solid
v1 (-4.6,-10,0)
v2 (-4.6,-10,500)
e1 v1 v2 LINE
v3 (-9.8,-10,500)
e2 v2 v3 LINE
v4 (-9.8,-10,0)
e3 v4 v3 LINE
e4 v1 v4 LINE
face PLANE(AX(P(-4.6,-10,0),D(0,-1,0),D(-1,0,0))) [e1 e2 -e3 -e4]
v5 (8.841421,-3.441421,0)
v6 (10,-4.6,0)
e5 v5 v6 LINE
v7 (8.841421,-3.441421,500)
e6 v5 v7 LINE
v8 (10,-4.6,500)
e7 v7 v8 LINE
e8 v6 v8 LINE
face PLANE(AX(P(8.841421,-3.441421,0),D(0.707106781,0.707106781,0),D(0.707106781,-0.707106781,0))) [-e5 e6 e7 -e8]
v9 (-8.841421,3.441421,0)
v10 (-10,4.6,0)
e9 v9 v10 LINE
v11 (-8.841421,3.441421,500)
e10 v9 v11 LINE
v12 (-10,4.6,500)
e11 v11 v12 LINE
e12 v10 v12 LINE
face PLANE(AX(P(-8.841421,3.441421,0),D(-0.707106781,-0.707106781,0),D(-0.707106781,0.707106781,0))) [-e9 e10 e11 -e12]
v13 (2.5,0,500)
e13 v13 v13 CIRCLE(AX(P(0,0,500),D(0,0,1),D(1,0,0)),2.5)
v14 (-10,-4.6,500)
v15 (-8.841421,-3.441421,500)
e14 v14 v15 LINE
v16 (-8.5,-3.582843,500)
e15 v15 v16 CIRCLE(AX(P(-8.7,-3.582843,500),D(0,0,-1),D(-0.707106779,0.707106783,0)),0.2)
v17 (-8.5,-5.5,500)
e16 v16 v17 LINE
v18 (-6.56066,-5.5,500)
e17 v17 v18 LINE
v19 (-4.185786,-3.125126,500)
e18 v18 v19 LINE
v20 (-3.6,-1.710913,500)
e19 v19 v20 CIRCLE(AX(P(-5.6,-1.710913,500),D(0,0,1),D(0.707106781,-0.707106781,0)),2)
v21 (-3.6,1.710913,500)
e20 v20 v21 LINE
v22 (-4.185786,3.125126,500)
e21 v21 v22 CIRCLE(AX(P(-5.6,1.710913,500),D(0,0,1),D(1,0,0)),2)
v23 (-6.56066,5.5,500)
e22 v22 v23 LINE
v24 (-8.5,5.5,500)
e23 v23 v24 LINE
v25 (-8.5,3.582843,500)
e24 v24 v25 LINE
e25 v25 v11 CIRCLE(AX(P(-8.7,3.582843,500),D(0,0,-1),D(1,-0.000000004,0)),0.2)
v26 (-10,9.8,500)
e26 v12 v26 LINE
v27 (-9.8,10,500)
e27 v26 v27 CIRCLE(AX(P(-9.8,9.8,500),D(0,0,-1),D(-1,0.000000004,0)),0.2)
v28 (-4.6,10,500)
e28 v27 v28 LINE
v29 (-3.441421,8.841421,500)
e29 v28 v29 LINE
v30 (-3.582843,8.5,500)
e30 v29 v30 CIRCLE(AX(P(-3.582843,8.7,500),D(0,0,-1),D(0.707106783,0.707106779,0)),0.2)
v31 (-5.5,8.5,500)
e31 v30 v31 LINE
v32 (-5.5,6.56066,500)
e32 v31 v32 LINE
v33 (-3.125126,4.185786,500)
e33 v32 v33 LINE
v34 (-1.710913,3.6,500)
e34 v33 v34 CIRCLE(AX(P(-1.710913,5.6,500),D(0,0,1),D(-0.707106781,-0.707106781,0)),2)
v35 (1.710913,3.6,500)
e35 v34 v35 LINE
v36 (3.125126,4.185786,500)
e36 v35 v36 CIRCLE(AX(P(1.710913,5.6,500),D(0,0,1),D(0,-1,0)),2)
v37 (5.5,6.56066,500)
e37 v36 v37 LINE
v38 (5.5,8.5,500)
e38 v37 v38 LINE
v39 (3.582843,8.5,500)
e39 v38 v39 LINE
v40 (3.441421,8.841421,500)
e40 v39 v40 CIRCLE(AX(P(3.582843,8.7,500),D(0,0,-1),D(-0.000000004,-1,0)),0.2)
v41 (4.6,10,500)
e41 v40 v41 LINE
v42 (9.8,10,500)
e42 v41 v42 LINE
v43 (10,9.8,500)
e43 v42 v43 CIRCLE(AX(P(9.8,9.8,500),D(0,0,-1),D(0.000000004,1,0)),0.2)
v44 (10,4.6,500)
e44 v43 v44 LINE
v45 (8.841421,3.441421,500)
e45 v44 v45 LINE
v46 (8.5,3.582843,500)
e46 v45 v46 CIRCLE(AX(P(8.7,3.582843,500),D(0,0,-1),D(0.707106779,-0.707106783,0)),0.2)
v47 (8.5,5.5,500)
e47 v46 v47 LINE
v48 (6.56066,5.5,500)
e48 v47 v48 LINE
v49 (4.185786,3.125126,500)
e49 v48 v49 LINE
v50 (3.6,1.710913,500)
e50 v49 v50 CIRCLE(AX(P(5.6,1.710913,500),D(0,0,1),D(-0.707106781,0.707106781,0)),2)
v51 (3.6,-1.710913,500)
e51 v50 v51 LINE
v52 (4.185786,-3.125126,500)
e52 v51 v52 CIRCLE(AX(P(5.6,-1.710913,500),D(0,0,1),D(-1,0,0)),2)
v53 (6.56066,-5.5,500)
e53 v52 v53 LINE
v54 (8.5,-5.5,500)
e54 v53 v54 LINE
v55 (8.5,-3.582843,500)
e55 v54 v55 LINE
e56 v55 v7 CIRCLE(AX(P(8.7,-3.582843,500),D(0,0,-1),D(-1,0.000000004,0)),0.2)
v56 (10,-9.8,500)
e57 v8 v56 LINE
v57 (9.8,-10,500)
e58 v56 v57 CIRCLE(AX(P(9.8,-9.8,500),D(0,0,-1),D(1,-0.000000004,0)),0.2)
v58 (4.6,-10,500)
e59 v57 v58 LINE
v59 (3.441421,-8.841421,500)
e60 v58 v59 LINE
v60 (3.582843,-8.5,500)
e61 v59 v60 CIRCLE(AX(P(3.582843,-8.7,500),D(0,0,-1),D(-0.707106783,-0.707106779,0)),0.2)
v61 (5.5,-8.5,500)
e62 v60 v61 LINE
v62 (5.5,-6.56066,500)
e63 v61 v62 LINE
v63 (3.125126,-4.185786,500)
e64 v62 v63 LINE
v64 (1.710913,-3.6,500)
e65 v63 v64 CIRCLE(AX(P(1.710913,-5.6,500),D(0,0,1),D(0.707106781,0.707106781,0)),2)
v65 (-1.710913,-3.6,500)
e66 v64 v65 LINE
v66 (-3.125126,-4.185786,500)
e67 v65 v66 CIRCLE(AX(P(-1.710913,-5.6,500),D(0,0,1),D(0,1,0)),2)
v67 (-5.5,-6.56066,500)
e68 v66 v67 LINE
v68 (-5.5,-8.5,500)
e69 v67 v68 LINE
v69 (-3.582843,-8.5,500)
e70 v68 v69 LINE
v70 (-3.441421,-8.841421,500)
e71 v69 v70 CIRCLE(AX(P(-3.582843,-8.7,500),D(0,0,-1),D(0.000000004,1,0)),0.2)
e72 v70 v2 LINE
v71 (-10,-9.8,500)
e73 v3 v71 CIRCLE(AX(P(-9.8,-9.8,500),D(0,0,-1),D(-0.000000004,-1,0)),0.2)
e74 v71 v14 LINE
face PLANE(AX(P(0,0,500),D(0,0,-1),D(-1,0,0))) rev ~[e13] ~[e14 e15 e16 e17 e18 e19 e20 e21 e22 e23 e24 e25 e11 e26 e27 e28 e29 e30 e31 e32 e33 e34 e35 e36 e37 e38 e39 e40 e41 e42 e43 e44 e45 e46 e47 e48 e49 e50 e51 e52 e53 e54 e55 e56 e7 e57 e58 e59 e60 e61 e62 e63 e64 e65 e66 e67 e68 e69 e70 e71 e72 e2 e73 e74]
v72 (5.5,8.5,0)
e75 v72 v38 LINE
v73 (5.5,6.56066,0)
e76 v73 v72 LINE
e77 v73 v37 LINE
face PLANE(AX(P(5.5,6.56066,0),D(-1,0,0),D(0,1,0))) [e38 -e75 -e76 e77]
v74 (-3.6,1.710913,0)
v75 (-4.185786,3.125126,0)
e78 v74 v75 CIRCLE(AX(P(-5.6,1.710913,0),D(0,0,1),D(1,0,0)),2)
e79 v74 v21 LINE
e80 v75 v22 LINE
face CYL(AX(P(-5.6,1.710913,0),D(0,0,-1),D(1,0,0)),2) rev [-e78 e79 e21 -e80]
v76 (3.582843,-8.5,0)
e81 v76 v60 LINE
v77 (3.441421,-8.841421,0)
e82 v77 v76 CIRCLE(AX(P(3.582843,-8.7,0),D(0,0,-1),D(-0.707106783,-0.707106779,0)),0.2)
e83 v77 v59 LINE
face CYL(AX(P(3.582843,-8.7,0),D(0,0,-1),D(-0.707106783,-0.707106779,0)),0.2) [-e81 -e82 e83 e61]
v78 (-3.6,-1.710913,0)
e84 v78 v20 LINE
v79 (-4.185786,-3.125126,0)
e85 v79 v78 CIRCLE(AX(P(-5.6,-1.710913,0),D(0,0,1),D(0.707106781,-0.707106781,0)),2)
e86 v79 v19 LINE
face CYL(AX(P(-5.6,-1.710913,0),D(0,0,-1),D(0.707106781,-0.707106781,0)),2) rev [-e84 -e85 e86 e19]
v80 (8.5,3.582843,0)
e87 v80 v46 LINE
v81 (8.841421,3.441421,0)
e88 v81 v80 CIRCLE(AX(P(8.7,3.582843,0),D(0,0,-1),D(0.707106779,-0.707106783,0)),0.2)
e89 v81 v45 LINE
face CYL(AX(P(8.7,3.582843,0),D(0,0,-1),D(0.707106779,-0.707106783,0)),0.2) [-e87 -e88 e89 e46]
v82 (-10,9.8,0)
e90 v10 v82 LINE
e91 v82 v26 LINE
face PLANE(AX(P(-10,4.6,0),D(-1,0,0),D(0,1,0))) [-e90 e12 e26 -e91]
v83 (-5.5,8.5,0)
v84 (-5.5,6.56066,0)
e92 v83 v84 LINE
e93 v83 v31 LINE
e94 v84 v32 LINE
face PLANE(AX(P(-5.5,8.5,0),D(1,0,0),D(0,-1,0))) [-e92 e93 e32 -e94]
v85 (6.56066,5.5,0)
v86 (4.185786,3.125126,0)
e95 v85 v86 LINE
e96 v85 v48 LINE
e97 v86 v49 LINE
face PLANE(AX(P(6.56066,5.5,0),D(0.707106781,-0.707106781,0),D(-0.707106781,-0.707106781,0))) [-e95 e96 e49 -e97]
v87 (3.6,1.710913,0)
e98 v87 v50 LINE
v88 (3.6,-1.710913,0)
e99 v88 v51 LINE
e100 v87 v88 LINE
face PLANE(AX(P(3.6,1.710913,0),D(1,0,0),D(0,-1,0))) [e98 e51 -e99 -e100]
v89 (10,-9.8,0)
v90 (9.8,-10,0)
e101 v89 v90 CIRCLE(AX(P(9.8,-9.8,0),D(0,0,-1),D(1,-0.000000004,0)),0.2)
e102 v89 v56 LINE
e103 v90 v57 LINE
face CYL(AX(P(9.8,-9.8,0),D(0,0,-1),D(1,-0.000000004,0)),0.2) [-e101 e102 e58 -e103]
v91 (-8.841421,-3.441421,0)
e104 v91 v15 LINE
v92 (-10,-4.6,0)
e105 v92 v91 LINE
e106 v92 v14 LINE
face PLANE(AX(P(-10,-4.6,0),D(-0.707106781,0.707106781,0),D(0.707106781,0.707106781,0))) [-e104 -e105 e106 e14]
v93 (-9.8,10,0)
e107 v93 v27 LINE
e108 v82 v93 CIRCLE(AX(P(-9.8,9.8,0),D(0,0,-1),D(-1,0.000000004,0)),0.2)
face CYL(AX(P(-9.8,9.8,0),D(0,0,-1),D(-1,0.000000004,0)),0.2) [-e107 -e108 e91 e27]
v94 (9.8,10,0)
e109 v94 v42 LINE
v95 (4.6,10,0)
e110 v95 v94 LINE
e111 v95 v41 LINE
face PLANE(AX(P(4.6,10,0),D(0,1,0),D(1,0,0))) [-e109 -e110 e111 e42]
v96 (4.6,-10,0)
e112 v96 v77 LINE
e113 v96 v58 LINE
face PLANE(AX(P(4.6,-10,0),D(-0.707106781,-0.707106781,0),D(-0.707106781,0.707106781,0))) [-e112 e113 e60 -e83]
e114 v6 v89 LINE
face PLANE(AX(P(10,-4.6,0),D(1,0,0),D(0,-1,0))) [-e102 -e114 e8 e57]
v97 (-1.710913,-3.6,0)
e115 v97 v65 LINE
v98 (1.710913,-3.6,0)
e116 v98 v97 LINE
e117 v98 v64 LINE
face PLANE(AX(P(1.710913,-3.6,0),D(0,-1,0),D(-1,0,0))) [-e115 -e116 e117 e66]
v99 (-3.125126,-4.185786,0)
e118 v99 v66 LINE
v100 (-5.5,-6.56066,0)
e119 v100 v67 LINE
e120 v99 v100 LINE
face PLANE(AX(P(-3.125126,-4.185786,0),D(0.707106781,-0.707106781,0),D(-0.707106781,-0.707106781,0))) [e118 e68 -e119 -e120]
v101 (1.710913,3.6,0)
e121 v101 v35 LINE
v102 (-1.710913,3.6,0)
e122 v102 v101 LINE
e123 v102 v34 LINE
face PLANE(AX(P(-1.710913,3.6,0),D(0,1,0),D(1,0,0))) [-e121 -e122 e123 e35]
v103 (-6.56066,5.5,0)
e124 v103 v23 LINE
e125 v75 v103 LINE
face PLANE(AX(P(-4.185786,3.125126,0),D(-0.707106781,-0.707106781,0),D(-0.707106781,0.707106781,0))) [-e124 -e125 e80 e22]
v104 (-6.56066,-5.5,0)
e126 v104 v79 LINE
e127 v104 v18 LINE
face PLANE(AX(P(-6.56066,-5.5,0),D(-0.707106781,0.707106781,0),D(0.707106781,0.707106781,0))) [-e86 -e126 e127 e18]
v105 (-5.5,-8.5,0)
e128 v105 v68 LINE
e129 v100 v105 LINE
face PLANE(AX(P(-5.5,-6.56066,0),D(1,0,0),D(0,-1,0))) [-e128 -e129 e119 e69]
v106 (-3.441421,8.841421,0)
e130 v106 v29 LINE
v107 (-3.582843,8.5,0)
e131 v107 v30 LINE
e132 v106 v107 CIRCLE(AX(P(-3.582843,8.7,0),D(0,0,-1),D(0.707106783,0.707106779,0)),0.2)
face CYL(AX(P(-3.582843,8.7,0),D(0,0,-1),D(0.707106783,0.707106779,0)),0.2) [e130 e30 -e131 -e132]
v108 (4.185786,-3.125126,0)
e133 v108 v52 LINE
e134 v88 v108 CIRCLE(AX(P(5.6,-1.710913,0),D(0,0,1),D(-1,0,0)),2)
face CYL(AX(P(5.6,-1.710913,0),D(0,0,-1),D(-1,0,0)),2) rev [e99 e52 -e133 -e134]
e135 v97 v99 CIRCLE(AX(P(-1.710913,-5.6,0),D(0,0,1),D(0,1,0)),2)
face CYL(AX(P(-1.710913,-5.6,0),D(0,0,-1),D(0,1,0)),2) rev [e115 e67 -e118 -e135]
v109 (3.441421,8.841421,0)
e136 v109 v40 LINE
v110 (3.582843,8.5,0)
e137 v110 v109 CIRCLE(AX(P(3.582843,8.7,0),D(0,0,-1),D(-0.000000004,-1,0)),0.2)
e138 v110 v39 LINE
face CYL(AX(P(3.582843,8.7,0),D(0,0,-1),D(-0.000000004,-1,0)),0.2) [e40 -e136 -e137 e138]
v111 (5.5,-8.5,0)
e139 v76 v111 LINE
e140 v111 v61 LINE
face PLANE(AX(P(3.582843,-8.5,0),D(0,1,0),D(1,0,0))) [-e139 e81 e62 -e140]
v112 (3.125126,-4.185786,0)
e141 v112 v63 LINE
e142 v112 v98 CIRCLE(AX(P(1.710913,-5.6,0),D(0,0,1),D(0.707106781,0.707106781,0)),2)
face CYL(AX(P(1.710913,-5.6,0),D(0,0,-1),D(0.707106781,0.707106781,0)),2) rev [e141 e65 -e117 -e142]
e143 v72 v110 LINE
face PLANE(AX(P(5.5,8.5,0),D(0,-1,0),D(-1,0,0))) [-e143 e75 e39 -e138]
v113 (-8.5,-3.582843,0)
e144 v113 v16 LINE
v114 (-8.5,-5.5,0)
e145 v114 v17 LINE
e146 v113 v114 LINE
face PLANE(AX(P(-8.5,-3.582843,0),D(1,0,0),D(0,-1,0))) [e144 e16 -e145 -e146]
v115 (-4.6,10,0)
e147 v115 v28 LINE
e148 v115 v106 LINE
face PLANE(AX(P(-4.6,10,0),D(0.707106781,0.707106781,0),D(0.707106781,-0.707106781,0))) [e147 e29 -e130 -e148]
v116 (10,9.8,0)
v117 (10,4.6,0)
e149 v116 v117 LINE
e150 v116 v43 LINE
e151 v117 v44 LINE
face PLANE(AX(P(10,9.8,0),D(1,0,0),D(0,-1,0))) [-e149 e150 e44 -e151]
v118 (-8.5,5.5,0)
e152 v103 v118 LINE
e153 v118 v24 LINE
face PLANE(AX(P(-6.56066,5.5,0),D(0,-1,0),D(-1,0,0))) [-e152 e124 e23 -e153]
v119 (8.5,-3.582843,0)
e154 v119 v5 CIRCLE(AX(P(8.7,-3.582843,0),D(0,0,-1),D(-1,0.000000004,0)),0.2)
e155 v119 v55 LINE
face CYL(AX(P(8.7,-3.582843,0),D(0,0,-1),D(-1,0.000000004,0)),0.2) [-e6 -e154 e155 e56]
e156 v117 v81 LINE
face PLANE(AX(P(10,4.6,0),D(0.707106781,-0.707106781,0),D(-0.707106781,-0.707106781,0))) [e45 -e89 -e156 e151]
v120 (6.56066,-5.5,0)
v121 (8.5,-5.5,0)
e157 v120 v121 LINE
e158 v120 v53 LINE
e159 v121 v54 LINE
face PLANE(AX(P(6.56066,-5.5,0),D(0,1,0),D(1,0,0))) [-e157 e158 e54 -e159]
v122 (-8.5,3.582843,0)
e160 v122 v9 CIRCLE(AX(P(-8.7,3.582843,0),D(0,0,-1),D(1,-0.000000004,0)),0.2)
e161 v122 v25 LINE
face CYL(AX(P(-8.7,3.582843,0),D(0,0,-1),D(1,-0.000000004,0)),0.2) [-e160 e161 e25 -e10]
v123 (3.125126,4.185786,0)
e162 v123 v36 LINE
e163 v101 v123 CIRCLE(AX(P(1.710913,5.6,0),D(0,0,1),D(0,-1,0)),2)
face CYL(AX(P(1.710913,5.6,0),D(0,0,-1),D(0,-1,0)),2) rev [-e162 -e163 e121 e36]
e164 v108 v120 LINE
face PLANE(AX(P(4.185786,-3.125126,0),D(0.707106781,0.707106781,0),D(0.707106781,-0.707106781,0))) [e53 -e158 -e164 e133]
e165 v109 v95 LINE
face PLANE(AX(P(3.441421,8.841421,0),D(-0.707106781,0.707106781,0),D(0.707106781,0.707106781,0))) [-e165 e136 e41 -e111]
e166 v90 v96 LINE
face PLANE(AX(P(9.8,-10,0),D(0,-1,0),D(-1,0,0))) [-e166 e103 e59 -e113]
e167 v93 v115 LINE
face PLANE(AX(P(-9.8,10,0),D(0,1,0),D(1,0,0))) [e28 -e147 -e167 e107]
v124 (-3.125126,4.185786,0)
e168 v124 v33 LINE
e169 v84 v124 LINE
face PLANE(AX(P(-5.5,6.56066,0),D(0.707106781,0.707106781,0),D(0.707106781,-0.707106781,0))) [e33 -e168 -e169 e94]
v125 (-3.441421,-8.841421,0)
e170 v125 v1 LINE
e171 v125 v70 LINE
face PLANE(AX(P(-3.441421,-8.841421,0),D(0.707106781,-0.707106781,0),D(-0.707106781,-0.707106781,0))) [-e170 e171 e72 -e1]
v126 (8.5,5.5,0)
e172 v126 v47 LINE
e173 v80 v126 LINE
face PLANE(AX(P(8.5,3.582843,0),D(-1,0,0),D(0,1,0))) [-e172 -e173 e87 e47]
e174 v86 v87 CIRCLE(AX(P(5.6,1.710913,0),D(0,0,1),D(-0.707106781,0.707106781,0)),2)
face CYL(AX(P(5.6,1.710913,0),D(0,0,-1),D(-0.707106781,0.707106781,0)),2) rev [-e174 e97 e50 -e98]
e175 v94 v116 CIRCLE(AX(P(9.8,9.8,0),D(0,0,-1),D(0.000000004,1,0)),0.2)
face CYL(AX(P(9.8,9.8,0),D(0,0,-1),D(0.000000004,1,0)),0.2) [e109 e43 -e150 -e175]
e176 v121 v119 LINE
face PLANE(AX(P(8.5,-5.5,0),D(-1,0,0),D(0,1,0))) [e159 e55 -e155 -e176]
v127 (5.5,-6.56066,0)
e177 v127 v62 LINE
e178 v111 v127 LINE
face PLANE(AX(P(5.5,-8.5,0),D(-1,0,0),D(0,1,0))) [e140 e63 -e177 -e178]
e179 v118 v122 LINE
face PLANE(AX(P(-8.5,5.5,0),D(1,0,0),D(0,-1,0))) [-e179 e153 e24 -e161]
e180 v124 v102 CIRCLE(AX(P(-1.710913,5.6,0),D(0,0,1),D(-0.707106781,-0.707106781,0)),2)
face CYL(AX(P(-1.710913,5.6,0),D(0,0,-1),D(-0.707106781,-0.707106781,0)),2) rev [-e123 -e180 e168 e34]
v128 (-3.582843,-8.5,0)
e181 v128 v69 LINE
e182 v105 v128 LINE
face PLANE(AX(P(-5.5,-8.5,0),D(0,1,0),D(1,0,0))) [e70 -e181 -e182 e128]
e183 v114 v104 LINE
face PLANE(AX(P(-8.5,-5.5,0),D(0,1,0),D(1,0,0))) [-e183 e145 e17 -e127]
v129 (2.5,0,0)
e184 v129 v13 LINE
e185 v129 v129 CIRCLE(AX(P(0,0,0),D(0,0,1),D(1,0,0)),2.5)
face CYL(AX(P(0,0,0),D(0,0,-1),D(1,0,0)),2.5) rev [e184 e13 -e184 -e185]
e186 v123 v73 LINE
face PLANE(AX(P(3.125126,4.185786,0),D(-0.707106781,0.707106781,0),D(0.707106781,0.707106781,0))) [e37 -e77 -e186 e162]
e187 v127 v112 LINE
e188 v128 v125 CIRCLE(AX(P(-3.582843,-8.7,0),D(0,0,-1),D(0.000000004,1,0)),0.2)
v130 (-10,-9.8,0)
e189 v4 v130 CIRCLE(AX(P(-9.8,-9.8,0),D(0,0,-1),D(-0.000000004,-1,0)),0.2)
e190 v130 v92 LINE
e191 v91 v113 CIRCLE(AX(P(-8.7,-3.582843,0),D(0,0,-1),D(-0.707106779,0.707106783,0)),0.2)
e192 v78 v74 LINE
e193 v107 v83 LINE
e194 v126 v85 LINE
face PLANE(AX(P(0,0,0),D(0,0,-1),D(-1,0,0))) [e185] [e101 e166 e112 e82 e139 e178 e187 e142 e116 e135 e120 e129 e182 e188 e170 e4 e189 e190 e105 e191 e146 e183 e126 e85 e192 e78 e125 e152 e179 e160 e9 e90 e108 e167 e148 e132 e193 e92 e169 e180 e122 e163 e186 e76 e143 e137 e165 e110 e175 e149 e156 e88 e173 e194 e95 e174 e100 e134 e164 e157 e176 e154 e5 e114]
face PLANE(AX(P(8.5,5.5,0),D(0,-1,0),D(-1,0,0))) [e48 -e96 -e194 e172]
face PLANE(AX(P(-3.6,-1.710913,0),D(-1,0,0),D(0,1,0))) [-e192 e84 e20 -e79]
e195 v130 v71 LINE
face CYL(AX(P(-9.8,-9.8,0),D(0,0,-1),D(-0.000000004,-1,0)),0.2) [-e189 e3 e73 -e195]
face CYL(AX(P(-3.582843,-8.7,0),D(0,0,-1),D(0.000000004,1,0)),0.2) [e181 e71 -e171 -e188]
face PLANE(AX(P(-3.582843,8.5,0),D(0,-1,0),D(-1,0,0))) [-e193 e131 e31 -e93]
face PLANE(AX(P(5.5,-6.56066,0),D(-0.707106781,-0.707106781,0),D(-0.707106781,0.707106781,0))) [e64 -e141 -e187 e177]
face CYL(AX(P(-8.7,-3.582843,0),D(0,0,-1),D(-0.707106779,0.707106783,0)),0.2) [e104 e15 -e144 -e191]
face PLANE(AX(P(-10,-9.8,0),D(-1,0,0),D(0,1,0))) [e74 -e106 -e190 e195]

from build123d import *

# Parameters (mm, degrees)
ESBO_O1_R                = 2.5
RESSALTO_EXTRUS_O1_DEPTH = 500


with BuildPart() as part:
    # Esboço1 → Ressalto-extrusão1 (new body)
    with BuildSketch(Plane.XY):
        with BuildLine():
            Line((-4.6, -10), (-9.8, -10))
            ThreePointArc((-9.8, -10), (-9.941421356, -9.941421356), (-10, -9.8))
            Line((-10, -9.8), (-10, -4.6))
            Line((-10, -4.6), (-8.841421356, -3.441421356))
            ThreePointArc((-8.841421356, -3.441421356), (-8.623463314, -3.398066806), (-8.5, -3.582842712))
            Line((-8.5, -3.582842712), (-8.5, -5.5))
            Line((-8.5, -5.5), (-6.560660172, -5.5))
            Line((-6.560660172, -5.5), (-4.185786438, -3.125126266))
            ThreePointArc((-4.185786438, -3.125126266), (-3.752240935, -2.476279568), (-3.6, -1.710912703))
            Line((-3.6, -1.710912703), (-3.6, 1.710912703))
            ThreePointArc((-3.6, 1.710912703), (-3.752240935, 2.476279568), (-4.185786438, 3.125126266))
            Line((-4.185786438, 3.125126266), (-6.560660172, 5.5))
            Line((-6.560660172, 5.5), (-8.5, 5.5))
            Line((-8.5, 5.5), (-8.5, 3.582842712))
            ThreePointArc((-8.5, 3.582842712), (-8.623463314, 3.398066806), (-8.841421356, 3.441421356))
            Line((-8.841421356, 3.441421356), (-10, 4.6))
            Line((-10, 4.6), (-10, 9.8))
            ThreePointArc((-10, 9.8), (-9.941421356, 9.941421356), (-9.8, 10))
            Line((-9.8, 10), (-4.6, 10))
            Line((-4.6, 10), (-3.441421356, 8.841421356))
            ThreePointArc((-3.441421356, 8.841421356), (-3.398066806, 8.623463314), (-3.582842712, 8.5))
            Line((-3.582842712, 8.5), (-5.5, 8.5))
            Line((-5.5, 8.5), (-5.5, 6.560660172))
            Line((-5.5, 6.560660172), (-3.125126266, 4.185786438))
            ThreePointArc((-3.125126266, 4.185786438), (-2.476279568, 3.752240935), (-1.710912703, 3.6))
            Line((-1.710912703, 3.6), (1.710912703, 3.6))
            ThreePointArc((1.710912703, 3.6), (2.476279568, 3.752240935), (3.125126266, 4.185786438))
            Line((3.125126266, 4.185786438), (5.5, 6.560660172))
            Line((5.5, 6.560660172), (5.5, 8.5))
            Line((5.5, 8.5), (3.582842712, 8.5))
            ThreePointArc((3.582842712, 8.5), (3.398066806, 8.623463314), (3.441421356, 8.841421356))
            Line((3.441421356, 8.841421356), (4.6, 10))
            Line((4.6, 10), (9.8, 10))
            ThreePointArc((9.8, 10), (9.941421356, 9.941421356), (10, 9.8))
            Line((10, 9.8), (10, 4.6))
            Line((10, 4.6), (8.841421356, 3.441421356))
            ThreePointArc((8.841421356, 3.441421356), (8.623463314, 3.398066806), (8.5, 3.582842712))
            Line((8.5, 3.582842712), (8.5, 5.5))
            Line((8.5, 5.5), (6.560660172, 5.5))
            Line((6.560660172, 5.5), (4.185786438, 3.125126266))
            ThreePointArc((4.185786438, 3.125126266), (3.752240935, 2.476279568), (3.6, 1.710912703))
            Line((3.6, 1.710912703), (3.6, -1.710912703))
            ThreePointArc((3.6, -1.710912703), (3.752240935, -2.476279568), (4.185786438, -3.125126266))
            Line((4.185786438, -3.125126266), (6.560660172, -5.5))
            Line((6.560660172, -5.5), (8.5, -5.5))
            Line((8.5, -5.5), (8.5, -3.582842712))
            ThreePointArc((8.5, -3.582842712), (8.623463314, -3.398066806), (8.841421356, -3.441421356))
            Line((8.841421356, -3.441421356), (10, -4.6))
            Line((10, -4.6), (10, -9.8))
            ThreePointArc((10, -9.8), (9.941421356, -9.941421356), (9.8, -10))
            Line((9.8, -10), (4.6, -10))
            Line((4.6, -10), (3.441421356, -8.841421356))
            ThreePointArc((3.441421356, -8.841421356), (3.398066806, -8.623463314), (3.582842712, -8.5))
            Line((3.582842712, -8.5), (5.5, -8.5))
            Line((5.5, -8.5), (5.5, -6.560660172))
            Line((5.5, -6.560660172), (3.125126266, -4.185786438))
            ThreePointArc((3.125126266, -4.185786438), (2.476279568, -3.752240935), (1.710912703, -3.6))
            Line((1.710912703, -3.6), (-1.710912703, -3.6))
            ThreePointArc((-1.710912703, -3.6), (-2.476279568, -3.752240935), (-3.125126266, -4.185786438))
            Line((-3.125126266, -4.185786438), (-5.5, -6.560660172))
            Line((-5.5, -6.560660172), (-5.5, -8.5))
            Line((-5.5, -8.5), (-3.582842712, -8.5))
            ThreePointArc((-3.582842712, -8.5), (-3.398066806, -8.623463314), (-3.441421356, -8.841421356))
            Line((-3.441421356, -8.841421356), (-4.6, -10))
        make_face()
        Circle(ESBO_O1_R, mode=Mode.SUBTRACT)
    extrude(amount=RESSALTO_EXTRUS_O1_DEPTH)


solid = part.part
